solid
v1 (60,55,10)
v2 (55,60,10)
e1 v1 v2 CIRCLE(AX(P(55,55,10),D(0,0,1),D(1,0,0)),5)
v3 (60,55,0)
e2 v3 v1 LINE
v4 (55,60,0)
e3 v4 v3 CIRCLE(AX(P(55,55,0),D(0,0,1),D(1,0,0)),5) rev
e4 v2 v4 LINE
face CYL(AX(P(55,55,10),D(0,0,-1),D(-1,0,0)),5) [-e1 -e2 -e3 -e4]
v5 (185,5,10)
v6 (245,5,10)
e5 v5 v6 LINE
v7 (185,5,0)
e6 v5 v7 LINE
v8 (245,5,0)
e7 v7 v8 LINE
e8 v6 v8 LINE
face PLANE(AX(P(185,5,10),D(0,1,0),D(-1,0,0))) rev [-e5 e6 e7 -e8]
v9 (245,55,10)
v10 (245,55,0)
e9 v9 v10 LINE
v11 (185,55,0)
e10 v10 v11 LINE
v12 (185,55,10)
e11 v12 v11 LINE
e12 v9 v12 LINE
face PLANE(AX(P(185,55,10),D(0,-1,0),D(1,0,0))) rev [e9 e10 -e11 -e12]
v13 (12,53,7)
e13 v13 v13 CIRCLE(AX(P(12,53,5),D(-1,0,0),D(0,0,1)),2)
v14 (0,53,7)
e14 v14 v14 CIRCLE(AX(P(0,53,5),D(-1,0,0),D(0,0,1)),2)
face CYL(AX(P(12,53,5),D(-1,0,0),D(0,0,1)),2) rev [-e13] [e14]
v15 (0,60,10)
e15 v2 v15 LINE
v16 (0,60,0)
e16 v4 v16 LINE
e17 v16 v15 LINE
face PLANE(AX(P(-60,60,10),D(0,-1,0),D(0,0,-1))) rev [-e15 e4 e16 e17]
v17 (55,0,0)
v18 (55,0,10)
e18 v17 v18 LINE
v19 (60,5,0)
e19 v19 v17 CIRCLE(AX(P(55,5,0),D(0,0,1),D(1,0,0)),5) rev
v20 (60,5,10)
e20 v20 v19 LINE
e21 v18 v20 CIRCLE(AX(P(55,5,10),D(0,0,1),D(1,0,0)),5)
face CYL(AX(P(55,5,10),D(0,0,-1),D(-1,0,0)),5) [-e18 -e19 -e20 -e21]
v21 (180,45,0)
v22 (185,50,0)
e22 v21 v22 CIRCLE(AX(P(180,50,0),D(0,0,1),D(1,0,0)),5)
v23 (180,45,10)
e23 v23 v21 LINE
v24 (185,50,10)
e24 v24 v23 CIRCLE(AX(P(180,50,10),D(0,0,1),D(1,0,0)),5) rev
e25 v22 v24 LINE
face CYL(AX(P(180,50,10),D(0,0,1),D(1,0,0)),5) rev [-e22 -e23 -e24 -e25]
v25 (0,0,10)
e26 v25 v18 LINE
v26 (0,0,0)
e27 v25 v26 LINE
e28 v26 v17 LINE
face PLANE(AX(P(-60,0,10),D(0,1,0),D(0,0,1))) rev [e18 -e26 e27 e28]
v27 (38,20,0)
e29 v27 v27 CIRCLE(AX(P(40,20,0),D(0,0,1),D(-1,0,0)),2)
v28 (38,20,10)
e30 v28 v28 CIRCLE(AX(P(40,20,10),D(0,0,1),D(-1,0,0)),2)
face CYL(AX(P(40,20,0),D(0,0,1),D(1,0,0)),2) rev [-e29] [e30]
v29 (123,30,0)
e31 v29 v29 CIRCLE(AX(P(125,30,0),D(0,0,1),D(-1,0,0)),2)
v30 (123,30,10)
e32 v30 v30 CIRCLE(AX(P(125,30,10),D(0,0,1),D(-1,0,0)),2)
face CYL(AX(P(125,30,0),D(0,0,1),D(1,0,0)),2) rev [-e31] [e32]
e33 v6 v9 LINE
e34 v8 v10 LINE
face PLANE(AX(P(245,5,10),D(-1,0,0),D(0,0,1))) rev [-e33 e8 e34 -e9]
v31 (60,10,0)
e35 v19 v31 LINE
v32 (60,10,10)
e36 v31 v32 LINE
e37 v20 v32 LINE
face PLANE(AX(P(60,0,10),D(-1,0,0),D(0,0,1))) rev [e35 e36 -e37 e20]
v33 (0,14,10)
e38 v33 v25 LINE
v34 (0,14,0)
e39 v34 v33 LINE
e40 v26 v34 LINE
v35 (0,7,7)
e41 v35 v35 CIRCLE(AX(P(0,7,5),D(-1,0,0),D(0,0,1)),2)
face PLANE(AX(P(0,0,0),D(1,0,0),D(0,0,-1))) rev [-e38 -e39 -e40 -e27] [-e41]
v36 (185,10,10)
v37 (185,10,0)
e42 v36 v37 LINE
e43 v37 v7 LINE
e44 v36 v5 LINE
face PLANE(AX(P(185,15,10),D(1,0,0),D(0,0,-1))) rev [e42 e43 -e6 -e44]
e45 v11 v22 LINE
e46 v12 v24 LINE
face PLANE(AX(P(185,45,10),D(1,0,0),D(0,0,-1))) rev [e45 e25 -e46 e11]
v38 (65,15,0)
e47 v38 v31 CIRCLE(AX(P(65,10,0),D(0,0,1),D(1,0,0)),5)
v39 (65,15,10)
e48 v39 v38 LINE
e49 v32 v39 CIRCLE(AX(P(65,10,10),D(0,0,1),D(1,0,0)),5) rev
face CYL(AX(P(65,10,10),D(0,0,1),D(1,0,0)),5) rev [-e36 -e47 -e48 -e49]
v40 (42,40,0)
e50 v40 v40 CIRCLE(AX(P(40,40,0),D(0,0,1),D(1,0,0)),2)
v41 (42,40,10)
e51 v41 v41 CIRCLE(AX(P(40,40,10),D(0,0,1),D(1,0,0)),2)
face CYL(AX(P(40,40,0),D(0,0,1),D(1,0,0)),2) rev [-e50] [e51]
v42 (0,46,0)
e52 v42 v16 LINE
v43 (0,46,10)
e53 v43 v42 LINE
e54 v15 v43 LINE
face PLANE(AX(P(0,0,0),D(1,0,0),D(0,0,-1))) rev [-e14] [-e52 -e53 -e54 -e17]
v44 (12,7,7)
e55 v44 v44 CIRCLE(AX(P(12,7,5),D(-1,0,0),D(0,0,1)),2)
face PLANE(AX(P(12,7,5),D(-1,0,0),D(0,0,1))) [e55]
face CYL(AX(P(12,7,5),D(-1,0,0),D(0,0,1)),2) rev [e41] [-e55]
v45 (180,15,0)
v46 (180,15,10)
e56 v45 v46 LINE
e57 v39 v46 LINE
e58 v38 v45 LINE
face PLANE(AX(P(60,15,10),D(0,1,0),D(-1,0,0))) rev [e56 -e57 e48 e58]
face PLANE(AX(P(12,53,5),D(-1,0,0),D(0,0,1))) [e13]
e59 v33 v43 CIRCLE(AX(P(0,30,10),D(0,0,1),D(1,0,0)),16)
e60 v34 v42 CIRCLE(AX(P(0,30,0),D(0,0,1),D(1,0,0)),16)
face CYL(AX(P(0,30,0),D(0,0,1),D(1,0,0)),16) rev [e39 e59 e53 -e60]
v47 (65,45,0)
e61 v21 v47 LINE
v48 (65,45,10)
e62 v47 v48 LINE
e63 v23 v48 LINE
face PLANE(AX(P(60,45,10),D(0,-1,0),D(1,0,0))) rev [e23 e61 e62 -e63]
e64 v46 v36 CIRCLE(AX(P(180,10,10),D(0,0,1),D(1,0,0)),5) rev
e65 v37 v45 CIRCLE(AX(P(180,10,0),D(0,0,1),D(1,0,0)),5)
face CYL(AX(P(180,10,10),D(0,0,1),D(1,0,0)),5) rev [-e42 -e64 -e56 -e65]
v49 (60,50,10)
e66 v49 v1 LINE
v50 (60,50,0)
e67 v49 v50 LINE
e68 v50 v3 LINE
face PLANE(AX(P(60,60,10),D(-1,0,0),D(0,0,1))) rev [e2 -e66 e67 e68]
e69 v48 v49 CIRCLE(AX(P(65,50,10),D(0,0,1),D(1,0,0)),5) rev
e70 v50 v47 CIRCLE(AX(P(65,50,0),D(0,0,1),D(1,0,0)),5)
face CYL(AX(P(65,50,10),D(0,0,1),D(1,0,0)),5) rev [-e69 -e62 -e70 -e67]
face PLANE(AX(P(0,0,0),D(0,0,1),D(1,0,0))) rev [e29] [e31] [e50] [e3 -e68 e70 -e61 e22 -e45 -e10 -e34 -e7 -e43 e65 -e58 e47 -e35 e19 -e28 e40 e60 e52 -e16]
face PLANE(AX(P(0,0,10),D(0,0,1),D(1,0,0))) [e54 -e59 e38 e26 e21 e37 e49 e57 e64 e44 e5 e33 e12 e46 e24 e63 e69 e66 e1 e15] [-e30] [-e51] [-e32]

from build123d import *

# Parameters (mm, degrees)
BOSS_EXTRUDE1_DEPTH = 10
SKETCH2_R           = 2
SKETCH2_R_2         = 16
CUT_EXTRUDE1_DEPTH  = 11
FILLET1_R           = 5
SKETCH3_R           = 2
CUT_EXTRUDE2_DEPTH  = 11
SKETCH4_W           = 10
SKETCH4_H           = 60
CUT_EXTRUDE3_DEPTH  = 246
SKETCH5_R           = 2
CUT_EXTRUDE4_DEPTH  = 12


with BuildPart() as part:
    # Sketch1 → Boss-Extrude1 (new body)
    with BuildSketch(Plane.XY):
        Polygon((245, 5), (245, 55), (185, 55), (185, 45), (60, 45), (60, 60), (-60, 60), (-60, 45), (-185, 45), (-185, 55), (-245, 55), (-245, 5), (-185, 5), (-185, 15), (-60, 15), (-60, 0), (60, 0), (60, 15), (185, 15), (185, 5), align=None)
    extrude(amount=BOSS_EXTRUDE1_DEPTH)

    # Sketch2 → Cut-Extrude1 (cut, through all)
    with BuildSketch(Plane.XY.offset(10)):
        with Locations((40, 20)):
            Circle(SKETCH2_R)
        with Locations((40, 40)):
            Circle(SKETCH2_R)
        with Locations((-40, 40)):
            Circle(SKETCH2_R)
        with Locations((-40, 20)):
            Circle(SKETCH2_R)
        with Locations((0, 30)):
            Circle(SKETCH2_R_2)
    extrude(amount=-CUT_EXTRUDE1_DEPTH, mode=Mode.SUBTRACT)

    # Fillet1
    fillet1_edges = [part.edges().sort_by_distance(p)[0] for p in [
        (185, 15, 5),
        (60, 15, 5),
        (60, 0, 5),
        (-60, 0, 5),
        (-60, 15, 5),
        (-185, 15, 5),
        (-185, 45, 5),
        (-60, 45, 5),
        (-60, 60, 5),
        (60, 60, 5),
        (60, 45, 5),
        (185, 45, 5),
    ]]
    fillet(fillet1_edges, radius=FILLET1_R)

    # Sketch3 → Cut-Extrude2 (cut, through all)
    with BuildSketch(Plane.XY.offset(10)):
        with Locations((-125, 30)):
            Circle(SKETCH3_R)
        with Locations((125, 30)):
            Circle(SKETCH3_R)
    extrude(amount=-CUT_EXTRUDE2_DEPTH, mode=Mode.SUBTRACT)

    # Sketch4 → Cut-Extrude3 (cut, through all)
    with BuildSketch(Plane(origin=(0, 0, 0), x_dir=(0, 0, -1), z_dir=(1, 0, 0))):
        with Locations((-5, 30)):
            Rectangle(SKETCH4_W, SKETCH4_H)
    extrude(amount=-CUT_EXTRUDE3_DEPTH, mode=Mode.SUBTRACT)

    # Sketch5 → Cut-Extrude4 (cut)
    with BuildSketch(Plane.ZY):
        with Locations((5, 53)):
            Circle(SKETCH5_R)
        with Locations((5, 7)):
            Circle(SKETCH5_R)
    extrude(amount=-CUT_EXTRUDE4_DEPTH, mode=Mode.SUBTRACT)


solid = part.part
